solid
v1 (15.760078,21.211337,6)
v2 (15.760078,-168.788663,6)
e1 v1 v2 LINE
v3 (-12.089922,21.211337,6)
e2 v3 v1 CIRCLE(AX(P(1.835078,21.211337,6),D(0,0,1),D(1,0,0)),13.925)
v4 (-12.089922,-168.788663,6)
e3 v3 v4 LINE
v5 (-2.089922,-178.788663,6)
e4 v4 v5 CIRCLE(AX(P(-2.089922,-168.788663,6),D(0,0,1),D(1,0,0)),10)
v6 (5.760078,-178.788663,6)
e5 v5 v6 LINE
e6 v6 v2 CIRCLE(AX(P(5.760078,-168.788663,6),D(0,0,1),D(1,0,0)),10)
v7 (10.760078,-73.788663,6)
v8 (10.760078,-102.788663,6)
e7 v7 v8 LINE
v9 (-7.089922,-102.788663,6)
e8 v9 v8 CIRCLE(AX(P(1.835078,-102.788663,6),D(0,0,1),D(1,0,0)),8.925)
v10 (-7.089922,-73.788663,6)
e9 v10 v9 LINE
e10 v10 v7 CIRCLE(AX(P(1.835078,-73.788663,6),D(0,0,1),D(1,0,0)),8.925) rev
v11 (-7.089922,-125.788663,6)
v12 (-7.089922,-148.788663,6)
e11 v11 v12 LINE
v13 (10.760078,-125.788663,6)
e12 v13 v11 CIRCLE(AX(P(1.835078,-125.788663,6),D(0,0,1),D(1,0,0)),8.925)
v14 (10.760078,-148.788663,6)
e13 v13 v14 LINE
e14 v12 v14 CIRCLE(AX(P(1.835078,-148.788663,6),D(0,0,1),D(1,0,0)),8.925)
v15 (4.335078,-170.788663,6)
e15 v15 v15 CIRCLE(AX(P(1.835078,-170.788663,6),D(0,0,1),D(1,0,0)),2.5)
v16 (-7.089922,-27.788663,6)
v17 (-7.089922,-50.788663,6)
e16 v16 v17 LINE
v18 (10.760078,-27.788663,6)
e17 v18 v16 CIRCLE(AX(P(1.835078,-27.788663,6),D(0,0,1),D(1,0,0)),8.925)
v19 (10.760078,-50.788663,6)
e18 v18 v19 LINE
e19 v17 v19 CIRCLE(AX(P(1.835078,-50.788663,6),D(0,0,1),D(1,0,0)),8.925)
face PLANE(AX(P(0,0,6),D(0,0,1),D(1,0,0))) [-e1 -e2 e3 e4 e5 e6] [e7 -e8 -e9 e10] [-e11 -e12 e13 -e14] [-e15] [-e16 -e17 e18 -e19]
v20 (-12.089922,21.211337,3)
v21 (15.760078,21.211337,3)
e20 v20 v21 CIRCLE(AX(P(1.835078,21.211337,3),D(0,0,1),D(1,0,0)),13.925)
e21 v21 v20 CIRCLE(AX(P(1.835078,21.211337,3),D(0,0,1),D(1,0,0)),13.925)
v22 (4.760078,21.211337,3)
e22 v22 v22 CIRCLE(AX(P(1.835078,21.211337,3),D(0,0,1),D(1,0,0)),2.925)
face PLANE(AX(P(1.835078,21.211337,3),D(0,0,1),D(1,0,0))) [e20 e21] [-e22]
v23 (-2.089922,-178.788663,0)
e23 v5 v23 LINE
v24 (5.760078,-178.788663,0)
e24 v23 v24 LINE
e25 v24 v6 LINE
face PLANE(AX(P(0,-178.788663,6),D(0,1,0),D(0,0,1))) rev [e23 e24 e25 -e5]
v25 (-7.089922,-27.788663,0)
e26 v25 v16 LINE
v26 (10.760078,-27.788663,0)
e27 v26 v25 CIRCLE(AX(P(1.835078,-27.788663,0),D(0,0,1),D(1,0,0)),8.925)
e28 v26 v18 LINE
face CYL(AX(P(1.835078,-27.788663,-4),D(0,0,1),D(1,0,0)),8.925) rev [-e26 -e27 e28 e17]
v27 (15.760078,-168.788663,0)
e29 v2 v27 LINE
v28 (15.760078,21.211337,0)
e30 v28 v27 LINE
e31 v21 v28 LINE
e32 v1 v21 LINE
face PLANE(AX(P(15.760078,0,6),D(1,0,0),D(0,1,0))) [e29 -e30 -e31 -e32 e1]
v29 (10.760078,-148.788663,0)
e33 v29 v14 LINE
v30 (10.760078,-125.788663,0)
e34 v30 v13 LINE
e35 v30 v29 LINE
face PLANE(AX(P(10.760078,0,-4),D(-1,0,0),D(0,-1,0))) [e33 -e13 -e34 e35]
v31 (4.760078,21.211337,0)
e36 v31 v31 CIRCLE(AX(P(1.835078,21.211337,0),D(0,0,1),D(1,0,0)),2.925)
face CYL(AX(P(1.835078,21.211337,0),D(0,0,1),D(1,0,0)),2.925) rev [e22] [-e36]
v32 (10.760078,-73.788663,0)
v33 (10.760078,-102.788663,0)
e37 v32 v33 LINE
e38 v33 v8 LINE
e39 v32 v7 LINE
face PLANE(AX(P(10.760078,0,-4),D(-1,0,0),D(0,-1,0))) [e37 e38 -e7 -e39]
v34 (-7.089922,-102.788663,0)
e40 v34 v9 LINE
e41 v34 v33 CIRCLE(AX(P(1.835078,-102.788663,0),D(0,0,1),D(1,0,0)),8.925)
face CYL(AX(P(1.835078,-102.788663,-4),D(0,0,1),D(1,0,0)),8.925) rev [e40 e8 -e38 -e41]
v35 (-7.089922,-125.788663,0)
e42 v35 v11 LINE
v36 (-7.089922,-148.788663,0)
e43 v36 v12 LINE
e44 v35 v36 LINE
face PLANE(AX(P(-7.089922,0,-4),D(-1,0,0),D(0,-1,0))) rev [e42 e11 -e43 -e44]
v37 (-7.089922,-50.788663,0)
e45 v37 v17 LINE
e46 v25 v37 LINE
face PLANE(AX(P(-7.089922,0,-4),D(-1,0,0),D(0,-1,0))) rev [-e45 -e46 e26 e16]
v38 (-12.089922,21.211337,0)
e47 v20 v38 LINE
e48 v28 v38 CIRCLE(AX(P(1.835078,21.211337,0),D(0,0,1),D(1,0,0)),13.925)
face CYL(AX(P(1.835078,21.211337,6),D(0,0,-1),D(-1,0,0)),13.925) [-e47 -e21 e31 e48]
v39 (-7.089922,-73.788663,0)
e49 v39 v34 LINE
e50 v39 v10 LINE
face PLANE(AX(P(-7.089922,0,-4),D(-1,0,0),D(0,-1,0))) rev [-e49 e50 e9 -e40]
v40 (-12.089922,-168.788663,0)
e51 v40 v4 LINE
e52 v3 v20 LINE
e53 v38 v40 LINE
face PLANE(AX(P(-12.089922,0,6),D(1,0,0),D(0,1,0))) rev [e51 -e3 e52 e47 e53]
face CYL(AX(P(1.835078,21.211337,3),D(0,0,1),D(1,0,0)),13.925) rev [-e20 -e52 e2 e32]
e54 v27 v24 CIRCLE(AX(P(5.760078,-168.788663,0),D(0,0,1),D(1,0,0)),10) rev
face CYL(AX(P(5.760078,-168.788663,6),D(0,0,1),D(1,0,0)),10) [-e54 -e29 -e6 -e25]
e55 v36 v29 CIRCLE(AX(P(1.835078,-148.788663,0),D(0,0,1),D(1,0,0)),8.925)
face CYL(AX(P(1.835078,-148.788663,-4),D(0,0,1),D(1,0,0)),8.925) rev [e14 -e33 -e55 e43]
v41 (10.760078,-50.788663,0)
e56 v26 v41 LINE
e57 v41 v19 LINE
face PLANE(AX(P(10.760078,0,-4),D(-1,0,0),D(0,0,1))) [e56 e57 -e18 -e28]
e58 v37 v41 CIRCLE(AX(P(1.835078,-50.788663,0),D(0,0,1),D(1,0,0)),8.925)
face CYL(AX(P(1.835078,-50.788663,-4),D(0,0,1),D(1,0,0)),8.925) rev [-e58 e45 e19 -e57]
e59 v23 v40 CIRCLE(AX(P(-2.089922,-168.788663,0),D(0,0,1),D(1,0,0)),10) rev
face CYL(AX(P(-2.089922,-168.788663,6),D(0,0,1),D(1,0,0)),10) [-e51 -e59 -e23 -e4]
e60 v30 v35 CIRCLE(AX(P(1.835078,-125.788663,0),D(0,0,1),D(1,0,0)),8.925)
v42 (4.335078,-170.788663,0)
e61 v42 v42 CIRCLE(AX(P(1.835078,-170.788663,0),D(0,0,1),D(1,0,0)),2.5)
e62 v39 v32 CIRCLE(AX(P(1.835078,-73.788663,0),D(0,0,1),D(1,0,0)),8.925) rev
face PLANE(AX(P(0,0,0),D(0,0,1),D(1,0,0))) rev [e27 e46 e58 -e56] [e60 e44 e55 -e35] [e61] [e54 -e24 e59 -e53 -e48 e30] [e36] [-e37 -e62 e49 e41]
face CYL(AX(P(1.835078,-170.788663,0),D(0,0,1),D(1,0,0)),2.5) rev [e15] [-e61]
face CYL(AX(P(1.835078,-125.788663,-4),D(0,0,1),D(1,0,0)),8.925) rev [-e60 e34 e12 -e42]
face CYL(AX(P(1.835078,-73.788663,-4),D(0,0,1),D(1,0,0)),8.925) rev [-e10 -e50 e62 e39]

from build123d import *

# Parameters (mm, degrees)
ESQUISSE1_W             = 27.85
ESQUISSE1_H             = 200
BOSS_EXTRU_2_DEPTH      = 6
ESQUISSE3_R             = 2.5
ENL_V_MAT_EXTRU_1_DEPTH = 6
ESQUISSE4_R             = 13.925
ENL_V_MAT_EXTRU_2_DEPTH = 3
ESQUISSE5_R             = 2.925
ENL_V_MAT_EXTRU_3_DEPTH = 3
ESQUISSE6_W             = 17.85
ESQUISSE6_H             = 23
ESQUISSE6_H_2           = 29
ENL_V_MAT_EXTRU_4_DEPTH = 10
CONG_1_R                = 10
CONG_2_R                = 10


with BuildPart() as part:
    # Esquisse1 → Boss.-Extru.2 (new body)
    with BuildSketch(Plane.XY):
        with Locations((1.835077519, -78.788662791)):
            Rectangle(ESQUISSE1_W, ESQUISSE1_H)
        with BuildLine():
            Line((-12.089922481, 21.211337209), (15.760077519, 21.211337209))
            ThreePointArc((15.760077519, 21.211337209), (1.835077519, 35.136337209), (-12.089922481, 21.211337209))
        make_face()
    extrude(amount=BOSS_EXTRU_2_DEPTH)

    # Esquisse3 → Enlèv. mat.-Extru.1 (cut)
    with BuildSketch(Plane.XY.offset(6)):
        with Locations((1.835077519, -170.788662791)):
            Circle(ESQUISSE3_R)
    extrude(amount=-ENL_V_MAT_EXTRU_1_DEPTH, mode=Mode.SUBTRACT)

    # Esquisse4 → Enlèv. mat.-Extru.2 (cut)
    with BuildSketch(Plane.XY.offset(6)):
        with Locations((1.835077519, 21.211337209)):
            Circle(ESQUISSE4_R)
    extrude(amount=-ENL_V_MAT_EXTRU_2_DEPTH, mode=Mode.SUBTRACT)

    # Esquisse5 → Enlèv. mat.-Extru.3 (cut)
    with BuildSketch(Plane.XY.offset(3)):
        with Locations((1.835077519, 21.211337209)):
            Circle(ESQUISSE5_R)
    extrude(amount=-ENL_V_MAT_EXTRU_3_DEPTH, mode=Mode.SUBTRACT)

    # Esquisse6 → Enlèv. mat.-Extru.4 (cut)
    with BuildSketch(Plane.XY.offset(6)):
        with BuildLine():
            Line((-7.089922481, -27.788662791), (10.760077519, -27.788662791))
            ThreePointArc((10.760077519, -27.788662791), (1.835077519, -18.863662791), (-7.089922481, -27.788662791))
        make_face()
        with Locations((1.835077519, -39.288662791)):
            Rectangle(ESQUISSE6_W, ESQUISSE6_H)
        with BuildLine():
            Line((-7.089922481, -50.788662791), (10.760077519, -50.788662791))
            ThreePointArc((10.760077519, -50.788662791), (1.835077519, -59.713662791), (-7.089922481, -50.788662791))
        make_face()
        with BuildLine():
            ThreePointArc((-7.089922481, -73.788662791), (1.835077519, -64.863662791), (10.760077519, -73.788662791))
            Line((10.760077519, -73.788662791), (-7.089922481, -73.788662791))
        make_face()
        with Locations((1.835077519, -88.288662791)):
            Rectangle(ESQUISSE6_W, ESQUISSE6_H_2)
        with BuildLine():
            Line((-7.089922481, -102.788662791), (10.760077519, -102.788662791))
            ThreePointArc((10.760077519, -102.788662791), (1.835077519, -111.713662791), (-7.089922481, -102.788662791))
        make_face()
        with BuildLine():
            Line((-7.089922481, -125.788662791), (10.760077519, -125.788662791))
            ThreePointArc((10.760077519, -125.788662791), (1.835077519, -116.863662791), (-7.089922481, -125.788662791))
        make_face()
        with Locations((1.835077519, -137.288662791)):
            Rectangle(ESQUISSE6_W, ESQUISSE6_H)
        with BuildLine():
            Line((-7.089922481, -148.788662791), (10.760077519, -148.788662791))
            ThreePointArc((10.760077519, -148.788662791), (1.835077519, -157.713662791), (-7.089922481, -148.788662791))
        make_face()
    extrude(amount=-ENL_V_MAT_EXTRU_4_DEPTH, mode=Mode.SUBTRACT)

    # Congé1
    cong_1_edges = [part.edges().sort_by_distance(p)[0] for p in [
        (-12.089922481, -178.788662791, 3),
    ]]
    fillet(cong_1_edges, radius=CONG_1_R)

    # Congé2
    cong_2_edges = [part.edges().sort_by_distance(p)[0] for p in [
        (15.760077519, -178.788662791, 3),
    ]]
    fillet(cong_2_edges, radius=CONG_2_R)


solid = part.part
